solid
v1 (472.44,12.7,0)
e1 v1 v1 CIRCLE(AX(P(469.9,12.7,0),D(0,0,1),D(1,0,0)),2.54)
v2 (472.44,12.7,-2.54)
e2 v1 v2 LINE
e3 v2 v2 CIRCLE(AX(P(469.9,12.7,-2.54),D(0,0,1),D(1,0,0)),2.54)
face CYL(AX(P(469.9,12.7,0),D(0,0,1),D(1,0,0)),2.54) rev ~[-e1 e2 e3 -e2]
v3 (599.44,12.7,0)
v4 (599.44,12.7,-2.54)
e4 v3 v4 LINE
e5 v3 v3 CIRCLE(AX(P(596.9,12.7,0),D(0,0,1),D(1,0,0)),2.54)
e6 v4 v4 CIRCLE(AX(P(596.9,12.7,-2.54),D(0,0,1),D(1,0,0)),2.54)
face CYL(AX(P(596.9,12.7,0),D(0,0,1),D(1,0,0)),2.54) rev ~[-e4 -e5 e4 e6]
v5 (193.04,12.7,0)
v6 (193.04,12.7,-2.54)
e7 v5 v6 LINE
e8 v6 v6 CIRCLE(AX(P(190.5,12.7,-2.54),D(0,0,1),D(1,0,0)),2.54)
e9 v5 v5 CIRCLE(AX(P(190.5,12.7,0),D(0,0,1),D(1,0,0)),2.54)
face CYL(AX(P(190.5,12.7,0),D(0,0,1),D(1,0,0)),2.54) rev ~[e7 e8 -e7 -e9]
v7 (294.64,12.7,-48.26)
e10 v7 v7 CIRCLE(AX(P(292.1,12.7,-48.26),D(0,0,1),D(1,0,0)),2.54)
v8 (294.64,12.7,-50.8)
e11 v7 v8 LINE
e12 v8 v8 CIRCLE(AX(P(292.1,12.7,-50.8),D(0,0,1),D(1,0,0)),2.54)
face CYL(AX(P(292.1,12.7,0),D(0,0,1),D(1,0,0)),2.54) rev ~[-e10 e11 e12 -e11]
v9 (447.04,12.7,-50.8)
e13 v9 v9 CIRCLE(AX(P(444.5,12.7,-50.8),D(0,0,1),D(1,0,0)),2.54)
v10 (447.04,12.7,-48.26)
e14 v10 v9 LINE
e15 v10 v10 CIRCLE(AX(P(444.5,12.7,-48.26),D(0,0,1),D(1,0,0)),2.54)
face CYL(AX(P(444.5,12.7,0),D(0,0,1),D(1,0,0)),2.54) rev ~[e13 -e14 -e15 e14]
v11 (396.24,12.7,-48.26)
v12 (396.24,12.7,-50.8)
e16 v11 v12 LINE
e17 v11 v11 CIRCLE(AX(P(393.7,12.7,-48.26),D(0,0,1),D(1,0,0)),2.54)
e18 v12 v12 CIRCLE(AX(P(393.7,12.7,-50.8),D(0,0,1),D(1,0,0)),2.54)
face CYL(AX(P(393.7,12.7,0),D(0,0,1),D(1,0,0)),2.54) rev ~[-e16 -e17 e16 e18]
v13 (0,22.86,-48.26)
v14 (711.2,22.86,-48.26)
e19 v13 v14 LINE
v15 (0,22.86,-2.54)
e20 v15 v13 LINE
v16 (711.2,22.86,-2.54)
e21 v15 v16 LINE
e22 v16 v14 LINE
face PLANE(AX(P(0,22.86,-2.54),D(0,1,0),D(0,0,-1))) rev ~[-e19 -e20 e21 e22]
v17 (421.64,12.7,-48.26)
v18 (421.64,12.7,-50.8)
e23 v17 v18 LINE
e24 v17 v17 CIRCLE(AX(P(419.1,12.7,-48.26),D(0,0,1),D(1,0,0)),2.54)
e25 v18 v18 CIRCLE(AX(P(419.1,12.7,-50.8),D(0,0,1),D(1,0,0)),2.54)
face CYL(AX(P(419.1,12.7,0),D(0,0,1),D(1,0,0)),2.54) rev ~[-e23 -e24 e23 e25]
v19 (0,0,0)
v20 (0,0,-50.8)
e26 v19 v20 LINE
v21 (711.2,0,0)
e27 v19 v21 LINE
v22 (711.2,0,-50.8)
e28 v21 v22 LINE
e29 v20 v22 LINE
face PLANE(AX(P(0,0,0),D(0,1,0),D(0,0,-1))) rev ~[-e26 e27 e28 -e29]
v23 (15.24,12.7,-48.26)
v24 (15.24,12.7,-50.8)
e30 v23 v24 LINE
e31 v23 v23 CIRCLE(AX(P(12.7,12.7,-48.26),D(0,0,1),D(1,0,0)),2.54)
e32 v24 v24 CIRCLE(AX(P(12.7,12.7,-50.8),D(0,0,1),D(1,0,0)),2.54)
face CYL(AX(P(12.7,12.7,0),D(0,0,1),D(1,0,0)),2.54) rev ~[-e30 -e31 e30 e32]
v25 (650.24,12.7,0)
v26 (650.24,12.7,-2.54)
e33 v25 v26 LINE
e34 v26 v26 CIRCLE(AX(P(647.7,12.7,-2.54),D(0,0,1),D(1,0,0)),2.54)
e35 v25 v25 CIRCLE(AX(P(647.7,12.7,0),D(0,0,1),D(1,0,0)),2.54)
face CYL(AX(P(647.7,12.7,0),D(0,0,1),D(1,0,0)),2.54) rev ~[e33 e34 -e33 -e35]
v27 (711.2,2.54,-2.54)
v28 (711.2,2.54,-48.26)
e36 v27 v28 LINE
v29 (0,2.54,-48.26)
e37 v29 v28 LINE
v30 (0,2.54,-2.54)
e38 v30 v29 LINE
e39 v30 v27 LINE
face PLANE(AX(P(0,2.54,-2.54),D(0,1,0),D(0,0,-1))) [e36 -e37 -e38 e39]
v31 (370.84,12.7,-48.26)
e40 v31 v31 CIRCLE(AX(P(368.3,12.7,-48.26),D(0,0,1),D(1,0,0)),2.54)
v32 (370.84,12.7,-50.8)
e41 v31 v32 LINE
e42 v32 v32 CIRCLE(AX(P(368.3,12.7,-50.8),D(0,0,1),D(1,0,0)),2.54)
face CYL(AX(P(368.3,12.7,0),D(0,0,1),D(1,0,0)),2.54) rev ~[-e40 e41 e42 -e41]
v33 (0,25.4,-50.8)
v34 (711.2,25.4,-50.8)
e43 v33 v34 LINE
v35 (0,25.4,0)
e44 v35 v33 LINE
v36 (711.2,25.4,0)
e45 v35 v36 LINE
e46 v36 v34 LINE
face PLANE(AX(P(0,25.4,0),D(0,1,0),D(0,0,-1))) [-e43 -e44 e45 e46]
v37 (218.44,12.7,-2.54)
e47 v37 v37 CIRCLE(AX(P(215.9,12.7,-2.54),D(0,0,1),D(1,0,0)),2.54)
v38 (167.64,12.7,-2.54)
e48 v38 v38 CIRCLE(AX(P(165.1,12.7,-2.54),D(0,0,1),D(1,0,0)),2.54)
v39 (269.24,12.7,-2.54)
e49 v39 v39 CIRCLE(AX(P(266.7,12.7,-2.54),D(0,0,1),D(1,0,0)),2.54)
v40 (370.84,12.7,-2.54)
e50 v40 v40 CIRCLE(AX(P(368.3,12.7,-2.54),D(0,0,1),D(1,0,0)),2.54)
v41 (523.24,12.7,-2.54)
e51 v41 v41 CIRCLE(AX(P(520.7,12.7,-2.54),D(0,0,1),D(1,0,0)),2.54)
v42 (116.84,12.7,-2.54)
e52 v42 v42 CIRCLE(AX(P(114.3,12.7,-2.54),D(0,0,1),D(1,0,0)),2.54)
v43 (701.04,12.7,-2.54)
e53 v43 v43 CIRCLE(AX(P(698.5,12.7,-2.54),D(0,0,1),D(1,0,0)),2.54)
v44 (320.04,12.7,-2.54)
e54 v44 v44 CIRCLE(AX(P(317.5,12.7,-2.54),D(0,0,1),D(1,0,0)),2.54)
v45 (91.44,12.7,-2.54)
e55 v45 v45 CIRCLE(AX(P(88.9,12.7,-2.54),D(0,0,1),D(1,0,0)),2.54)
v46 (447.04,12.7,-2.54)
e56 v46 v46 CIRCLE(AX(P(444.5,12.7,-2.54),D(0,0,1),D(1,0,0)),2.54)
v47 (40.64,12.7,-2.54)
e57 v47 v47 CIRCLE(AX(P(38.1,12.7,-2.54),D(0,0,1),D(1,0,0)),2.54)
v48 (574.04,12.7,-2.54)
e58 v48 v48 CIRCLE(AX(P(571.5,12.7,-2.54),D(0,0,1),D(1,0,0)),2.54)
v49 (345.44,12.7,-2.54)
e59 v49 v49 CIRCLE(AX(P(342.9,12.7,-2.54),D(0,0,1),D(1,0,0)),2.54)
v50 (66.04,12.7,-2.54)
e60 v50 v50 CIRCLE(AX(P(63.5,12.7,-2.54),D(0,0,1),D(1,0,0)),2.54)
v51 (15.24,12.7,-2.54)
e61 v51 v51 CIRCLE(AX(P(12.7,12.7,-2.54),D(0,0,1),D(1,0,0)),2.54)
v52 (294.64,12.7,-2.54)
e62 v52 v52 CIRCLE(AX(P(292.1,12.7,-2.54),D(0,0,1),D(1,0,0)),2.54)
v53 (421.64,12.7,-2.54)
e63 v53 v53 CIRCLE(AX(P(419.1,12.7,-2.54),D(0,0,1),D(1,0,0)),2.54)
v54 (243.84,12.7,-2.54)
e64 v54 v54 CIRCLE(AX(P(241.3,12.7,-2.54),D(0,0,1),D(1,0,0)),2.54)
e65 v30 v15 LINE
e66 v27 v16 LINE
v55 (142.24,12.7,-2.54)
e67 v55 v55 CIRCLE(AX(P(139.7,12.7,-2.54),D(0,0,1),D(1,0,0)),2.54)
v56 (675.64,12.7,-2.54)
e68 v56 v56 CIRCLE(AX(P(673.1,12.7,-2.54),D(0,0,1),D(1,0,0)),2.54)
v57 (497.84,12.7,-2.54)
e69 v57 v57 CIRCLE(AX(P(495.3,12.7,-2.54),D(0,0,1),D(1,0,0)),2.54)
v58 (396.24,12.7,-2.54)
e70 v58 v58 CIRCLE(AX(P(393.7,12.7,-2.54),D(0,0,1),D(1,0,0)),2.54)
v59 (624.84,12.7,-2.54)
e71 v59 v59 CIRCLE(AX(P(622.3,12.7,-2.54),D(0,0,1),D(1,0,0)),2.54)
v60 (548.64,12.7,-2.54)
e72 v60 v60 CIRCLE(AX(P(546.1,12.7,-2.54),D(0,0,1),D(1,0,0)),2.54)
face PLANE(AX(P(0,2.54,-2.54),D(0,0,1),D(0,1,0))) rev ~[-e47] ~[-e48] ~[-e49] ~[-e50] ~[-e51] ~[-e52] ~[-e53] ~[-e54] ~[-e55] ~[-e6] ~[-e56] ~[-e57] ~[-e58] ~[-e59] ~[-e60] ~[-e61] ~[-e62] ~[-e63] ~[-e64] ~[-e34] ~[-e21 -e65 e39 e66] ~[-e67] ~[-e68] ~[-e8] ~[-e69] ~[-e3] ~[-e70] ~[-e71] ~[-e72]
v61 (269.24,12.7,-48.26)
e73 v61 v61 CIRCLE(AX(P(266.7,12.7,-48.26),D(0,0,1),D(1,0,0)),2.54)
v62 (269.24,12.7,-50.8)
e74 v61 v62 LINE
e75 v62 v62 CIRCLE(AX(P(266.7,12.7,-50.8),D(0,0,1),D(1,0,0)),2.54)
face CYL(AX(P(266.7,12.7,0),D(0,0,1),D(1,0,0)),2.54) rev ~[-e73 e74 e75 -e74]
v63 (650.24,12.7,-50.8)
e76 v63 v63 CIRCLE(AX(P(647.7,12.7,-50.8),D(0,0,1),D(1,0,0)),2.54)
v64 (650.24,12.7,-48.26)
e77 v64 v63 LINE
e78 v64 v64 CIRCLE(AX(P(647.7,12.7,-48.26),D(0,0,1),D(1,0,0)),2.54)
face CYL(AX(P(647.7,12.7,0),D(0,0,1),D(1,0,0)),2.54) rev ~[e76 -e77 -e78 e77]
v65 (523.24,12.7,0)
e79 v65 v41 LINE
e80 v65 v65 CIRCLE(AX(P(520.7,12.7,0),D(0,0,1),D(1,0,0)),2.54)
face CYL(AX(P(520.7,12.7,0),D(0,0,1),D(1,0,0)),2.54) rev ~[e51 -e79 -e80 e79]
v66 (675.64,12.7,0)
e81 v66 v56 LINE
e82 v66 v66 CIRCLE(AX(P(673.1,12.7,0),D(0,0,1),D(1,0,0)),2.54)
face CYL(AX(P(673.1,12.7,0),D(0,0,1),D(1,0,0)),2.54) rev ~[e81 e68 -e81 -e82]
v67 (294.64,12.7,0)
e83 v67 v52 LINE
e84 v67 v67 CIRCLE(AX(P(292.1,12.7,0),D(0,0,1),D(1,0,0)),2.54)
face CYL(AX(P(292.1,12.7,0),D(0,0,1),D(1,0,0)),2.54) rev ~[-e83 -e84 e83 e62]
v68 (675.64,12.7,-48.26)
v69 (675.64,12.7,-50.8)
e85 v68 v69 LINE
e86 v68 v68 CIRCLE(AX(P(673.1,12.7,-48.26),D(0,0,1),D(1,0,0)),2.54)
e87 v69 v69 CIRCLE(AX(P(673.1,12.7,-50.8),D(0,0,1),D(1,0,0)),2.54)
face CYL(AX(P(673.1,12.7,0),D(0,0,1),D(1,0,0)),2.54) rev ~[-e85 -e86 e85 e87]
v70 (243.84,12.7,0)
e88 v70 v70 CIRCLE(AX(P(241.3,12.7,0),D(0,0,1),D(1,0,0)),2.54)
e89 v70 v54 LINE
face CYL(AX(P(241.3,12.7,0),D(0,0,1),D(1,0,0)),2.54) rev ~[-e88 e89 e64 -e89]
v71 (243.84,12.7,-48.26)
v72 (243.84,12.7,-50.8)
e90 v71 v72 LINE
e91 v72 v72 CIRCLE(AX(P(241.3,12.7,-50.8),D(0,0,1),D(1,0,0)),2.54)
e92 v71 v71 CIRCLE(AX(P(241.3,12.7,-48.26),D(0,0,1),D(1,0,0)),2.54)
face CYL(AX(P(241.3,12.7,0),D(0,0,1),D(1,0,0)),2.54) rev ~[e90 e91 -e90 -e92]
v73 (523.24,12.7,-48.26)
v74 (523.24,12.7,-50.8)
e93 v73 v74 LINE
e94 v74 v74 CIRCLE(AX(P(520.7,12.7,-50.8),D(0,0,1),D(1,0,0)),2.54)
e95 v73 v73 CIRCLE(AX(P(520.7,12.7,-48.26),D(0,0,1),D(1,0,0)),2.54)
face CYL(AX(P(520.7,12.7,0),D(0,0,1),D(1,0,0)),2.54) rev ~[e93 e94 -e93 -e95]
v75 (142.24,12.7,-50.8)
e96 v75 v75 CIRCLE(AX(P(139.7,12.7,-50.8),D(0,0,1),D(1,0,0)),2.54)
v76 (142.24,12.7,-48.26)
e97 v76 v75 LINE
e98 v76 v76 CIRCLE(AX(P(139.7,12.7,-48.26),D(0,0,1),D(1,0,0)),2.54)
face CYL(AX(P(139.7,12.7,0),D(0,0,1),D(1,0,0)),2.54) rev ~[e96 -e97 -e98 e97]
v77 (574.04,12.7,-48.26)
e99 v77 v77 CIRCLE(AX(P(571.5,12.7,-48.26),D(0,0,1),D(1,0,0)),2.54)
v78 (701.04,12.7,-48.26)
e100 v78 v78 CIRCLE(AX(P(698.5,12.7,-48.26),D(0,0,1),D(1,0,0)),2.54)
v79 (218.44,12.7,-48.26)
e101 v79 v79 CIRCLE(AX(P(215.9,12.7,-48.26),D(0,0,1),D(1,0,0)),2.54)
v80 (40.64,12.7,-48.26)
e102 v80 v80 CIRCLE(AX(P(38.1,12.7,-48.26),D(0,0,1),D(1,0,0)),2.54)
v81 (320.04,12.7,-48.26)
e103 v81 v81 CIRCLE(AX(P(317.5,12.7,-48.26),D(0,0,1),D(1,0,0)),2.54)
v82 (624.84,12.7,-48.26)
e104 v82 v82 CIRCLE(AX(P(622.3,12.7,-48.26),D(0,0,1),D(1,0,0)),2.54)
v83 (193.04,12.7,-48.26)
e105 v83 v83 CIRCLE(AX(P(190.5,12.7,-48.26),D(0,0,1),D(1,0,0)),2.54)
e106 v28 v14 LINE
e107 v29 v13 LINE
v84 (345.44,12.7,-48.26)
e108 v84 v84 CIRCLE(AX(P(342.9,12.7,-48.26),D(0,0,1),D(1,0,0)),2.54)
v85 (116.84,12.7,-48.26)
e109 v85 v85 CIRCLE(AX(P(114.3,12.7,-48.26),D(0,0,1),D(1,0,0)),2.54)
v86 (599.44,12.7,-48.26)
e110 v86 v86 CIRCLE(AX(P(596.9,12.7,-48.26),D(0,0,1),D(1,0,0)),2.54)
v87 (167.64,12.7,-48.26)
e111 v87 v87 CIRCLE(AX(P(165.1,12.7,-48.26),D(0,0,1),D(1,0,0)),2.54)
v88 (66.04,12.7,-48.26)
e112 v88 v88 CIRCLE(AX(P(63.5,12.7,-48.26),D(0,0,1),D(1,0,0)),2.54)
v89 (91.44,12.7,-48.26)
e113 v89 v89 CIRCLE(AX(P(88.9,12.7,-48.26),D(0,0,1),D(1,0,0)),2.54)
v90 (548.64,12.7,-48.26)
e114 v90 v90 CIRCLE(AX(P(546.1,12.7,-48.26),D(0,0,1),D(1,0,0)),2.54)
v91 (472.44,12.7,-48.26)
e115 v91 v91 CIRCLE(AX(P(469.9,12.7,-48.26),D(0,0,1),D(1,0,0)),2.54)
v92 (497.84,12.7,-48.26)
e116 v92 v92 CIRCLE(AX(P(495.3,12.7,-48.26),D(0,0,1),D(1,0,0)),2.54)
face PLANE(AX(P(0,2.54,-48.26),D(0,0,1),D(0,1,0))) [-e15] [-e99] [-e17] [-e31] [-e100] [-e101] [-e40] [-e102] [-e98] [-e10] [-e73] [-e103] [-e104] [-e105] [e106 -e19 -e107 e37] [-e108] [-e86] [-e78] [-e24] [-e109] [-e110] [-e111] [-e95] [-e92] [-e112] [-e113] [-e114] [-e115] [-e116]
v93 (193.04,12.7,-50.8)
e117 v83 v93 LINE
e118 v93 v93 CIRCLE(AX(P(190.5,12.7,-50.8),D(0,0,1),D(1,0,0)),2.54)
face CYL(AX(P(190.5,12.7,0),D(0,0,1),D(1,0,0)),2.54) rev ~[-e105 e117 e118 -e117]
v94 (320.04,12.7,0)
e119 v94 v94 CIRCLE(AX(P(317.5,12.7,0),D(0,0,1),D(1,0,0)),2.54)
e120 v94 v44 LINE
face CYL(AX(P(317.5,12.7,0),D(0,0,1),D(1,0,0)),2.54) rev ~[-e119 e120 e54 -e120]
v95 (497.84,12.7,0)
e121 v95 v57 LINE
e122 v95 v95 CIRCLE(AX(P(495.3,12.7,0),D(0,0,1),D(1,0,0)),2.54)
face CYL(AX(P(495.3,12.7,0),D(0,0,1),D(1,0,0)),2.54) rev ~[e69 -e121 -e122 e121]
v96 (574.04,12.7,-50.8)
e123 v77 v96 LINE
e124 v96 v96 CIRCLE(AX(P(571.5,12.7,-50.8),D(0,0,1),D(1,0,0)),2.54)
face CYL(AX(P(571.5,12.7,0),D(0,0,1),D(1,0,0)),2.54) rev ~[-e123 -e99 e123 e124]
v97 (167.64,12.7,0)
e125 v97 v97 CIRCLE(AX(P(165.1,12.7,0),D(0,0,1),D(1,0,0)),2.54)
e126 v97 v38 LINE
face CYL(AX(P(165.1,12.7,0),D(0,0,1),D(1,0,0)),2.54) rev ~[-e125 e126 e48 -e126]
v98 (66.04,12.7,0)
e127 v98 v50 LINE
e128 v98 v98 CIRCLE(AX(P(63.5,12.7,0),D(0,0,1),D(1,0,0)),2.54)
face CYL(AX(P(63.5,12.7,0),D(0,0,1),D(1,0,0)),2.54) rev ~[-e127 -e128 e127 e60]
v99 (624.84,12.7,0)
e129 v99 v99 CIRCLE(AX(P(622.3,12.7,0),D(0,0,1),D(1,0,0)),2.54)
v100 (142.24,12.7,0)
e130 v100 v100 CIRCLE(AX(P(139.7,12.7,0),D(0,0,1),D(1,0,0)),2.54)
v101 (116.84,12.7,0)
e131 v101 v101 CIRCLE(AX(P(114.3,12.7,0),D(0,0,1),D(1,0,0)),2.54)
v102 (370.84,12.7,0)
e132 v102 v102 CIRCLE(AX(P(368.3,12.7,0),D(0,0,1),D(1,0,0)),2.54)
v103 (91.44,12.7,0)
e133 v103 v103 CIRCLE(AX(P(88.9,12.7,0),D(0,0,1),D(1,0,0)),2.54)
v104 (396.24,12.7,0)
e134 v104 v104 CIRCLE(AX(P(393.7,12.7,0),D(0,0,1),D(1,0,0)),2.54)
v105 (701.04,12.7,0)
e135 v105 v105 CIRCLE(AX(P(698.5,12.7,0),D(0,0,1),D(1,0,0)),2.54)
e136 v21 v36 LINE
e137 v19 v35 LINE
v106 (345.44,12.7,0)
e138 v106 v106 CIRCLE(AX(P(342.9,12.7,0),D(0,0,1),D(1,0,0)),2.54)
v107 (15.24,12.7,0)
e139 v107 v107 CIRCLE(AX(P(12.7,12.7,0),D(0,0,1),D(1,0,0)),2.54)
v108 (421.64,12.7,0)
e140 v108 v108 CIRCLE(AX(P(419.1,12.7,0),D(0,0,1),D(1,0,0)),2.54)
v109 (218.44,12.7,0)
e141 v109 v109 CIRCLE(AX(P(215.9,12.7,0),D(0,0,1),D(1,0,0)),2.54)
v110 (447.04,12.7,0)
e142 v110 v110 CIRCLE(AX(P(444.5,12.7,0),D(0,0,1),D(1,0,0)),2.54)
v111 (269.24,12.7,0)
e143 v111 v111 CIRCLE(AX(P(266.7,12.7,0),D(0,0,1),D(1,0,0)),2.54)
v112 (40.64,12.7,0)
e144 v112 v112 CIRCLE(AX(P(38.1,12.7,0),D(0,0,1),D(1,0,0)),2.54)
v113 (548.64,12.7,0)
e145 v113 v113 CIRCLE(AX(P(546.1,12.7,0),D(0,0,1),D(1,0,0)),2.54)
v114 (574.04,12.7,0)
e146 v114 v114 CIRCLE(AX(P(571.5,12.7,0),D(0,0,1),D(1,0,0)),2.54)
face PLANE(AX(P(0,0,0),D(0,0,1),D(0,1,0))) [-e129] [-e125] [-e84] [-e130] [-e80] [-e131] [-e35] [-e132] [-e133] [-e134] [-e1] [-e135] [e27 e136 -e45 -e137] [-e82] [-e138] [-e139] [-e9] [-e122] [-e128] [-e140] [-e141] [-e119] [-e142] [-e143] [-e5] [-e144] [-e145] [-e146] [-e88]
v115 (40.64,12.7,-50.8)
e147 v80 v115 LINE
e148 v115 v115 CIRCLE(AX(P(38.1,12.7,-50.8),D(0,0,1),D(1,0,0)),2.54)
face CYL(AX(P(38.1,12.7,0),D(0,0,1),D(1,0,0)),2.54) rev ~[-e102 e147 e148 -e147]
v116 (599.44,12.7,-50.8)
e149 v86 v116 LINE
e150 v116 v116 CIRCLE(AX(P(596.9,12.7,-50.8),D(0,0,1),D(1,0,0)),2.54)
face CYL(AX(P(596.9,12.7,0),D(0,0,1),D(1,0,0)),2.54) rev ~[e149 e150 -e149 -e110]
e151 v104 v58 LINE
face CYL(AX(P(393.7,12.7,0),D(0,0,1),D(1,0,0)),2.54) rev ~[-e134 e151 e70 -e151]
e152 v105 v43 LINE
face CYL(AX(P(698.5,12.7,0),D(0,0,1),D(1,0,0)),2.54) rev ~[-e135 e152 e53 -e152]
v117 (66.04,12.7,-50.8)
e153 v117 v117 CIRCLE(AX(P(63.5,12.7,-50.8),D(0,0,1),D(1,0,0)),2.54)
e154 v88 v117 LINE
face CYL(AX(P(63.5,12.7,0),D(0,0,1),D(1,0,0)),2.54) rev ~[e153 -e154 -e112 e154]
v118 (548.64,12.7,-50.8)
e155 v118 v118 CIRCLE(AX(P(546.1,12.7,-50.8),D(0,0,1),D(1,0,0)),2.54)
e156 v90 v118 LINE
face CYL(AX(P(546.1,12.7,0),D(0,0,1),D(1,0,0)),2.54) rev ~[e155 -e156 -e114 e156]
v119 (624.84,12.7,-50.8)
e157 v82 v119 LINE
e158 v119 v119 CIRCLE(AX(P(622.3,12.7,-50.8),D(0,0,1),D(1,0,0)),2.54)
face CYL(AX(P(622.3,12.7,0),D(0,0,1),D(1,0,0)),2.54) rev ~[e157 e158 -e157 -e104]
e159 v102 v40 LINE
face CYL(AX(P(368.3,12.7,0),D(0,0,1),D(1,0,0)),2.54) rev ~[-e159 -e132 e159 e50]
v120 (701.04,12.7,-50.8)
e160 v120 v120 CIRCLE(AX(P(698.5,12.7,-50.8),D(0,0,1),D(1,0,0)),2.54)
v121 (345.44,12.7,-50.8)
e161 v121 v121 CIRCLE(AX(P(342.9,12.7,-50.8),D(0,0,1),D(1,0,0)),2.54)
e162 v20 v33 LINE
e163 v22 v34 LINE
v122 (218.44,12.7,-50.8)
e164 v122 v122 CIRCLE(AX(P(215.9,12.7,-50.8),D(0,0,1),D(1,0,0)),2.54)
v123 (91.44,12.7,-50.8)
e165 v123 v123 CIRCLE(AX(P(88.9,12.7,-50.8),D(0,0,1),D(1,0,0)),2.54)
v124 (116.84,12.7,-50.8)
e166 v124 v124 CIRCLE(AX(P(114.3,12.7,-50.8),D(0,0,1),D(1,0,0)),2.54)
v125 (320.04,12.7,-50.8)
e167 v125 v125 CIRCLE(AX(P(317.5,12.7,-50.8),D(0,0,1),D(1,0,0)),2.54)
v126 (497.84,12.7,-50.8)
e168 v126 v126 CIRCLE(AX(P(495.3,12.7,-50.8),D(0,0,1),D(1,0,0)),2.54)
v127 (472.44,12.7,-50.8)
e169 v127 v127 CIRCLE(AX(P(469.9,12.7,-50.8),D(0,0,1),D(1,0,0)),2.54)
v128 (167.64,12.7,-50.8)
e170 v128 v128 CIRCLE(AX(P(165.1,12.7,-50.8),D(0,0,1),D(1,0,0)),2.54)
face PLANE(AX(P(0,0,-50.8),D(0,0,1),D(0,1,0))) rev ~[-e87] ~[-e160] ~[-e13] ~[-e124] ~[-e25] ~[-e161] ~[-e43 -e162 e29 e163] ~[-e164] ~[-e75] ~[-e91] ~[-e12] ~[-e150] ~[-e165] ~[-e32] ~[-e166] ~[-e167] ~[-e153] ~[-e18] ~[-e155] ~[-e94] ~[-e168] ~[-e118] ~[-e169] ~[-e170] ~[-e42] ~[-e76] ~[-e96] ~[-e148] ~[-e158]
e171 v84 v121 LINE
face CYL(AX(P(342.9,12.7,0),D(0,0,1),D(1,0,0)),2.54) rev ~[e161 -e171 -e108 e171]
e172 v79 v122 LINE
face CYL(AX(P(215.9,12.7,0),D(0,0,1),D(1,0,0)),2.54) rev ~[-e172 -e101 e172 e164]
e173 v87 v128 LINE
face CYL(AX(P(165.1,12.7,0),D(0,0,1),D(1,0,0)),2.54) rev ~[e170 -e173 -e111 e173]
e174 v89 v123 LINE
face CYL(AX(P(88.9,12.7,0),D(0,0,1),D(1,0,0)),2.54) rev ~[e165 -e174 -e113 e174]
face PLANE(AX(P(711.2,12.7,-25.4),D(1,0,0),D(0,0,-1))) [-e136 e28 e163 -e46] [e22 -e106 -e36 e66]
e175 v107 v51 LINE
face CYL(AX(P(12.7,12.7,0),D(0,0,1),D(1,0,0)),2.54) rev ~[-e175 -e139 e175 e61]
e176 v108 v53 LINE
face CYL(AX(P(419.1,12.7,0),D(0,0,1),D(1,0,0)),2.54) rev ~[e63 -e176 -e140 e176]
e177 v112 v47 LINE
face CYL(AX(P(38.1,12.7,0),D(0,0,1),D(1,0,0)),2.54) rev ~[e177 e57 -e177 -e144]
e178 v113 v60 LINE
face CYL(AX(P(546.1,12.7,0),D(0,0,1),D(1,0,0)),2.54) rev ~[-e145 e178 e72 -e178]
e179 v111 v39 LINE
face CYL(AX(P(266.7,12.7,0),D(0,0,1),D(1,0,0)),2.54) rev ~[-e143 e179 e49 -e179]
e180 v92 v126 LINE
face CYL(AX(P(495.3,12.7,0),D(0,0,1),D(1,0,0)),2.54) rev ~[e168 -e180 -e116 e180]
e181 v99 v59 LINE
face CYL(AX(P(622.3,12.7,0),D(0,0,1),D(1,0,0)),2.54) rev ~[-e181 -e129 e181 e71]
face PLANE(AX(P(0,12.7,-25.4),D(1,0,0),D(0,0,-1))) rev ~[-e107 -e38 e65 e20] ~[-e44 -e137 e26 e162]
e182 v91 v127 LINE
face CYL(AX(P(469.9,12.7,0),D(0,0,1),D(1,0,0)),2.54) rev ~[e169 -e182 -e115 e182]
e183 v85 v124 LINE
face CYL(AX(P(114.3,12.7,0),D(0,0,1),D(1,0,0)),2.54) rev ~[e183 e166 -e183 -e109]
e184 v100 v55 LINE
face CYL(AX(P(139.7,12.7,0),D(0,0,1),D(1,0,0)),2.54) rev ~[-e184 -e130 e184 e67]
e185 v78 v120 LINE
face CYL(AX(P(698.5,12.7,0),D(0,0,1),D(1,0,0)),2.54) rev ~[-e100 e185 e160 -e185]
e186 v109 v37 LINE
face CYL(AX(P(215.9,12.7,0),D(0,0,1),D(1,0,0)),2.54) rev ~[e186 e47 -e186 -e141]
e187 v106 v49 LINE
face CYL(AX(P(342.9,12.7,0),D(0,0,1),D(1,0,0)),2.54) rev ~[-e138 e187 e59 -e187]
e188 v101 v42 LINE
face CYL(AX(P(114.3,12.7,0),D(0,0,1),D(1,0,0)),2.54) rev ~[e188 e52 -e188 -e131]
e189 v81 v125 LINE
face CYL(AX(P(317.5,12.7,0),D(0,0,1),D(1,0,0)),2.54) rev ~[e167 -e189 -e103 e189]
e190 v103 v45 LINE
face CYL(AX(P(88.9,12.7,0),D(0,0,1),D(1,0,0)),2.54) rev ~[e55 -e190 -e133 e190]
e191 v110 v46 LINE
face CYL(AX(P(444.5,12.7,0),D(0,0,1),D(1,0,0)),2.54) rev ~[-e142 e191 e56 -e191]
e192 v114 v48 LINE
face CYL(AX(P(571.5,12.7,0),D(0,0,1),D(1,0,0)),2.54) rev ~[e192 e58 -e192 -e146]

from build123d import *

# Parameters (mm, degrees)
SKETCH2_W           = 50.8
SKETCH2_H           = 25.4
SKETCH2_W_2         = 45.72
SKETCH2_H_2         = 20.32
BOSS_EXTRUDE1_DEPTH = 711.2
SKETCH3_R           = 2.54
CUT_EXTRUDE1_DEPTH  = 51.8
LPATTERN1_COUNT     = 28
LPATTERN1_PITCH     = 25.4


with BuildPart() as part:
    # Sketch2 → Boss-Extrude1 (new body)
    with BuildSketch(Plane(origin=(0, 0, 0), x_dir=(0, 0, -1), z_dir=(1, 0, 0))):
        with Locations((25.4, 12.7)):
            Rectangle(SKETCH2_W, SKETCH2_H)
        with Locations((25.4, 12.7)):
            Rectangle(SKETCH2_W_2, SKETCH2_H_2, mode=Mode.SUBTRACT)
    extrude(amount=BOSS_EXTRUDE1_DEPTH)

    # Sketch3 → Cut-Extrude1 (cut, through all)
    with BuildSketch(Plane.XY):
        with Locations((12.7, 12.7)):
            Circle(SKETCH3_R)
    cut_extrude1 = extrude(amount=-CUT_EXTRUDE1_DEPTH, mode=Mode.SUBTRACT)

    # LPattern1: Cut-Extrude1 ×28
    with Locations(*[(i * LPATTERN1_PITCH, 0, 0) for i in range(1, LPATTERN1_COUNT)]):
        add(cut_extrude1, mode=Mode.SUBTRACT)


solid = part.part
